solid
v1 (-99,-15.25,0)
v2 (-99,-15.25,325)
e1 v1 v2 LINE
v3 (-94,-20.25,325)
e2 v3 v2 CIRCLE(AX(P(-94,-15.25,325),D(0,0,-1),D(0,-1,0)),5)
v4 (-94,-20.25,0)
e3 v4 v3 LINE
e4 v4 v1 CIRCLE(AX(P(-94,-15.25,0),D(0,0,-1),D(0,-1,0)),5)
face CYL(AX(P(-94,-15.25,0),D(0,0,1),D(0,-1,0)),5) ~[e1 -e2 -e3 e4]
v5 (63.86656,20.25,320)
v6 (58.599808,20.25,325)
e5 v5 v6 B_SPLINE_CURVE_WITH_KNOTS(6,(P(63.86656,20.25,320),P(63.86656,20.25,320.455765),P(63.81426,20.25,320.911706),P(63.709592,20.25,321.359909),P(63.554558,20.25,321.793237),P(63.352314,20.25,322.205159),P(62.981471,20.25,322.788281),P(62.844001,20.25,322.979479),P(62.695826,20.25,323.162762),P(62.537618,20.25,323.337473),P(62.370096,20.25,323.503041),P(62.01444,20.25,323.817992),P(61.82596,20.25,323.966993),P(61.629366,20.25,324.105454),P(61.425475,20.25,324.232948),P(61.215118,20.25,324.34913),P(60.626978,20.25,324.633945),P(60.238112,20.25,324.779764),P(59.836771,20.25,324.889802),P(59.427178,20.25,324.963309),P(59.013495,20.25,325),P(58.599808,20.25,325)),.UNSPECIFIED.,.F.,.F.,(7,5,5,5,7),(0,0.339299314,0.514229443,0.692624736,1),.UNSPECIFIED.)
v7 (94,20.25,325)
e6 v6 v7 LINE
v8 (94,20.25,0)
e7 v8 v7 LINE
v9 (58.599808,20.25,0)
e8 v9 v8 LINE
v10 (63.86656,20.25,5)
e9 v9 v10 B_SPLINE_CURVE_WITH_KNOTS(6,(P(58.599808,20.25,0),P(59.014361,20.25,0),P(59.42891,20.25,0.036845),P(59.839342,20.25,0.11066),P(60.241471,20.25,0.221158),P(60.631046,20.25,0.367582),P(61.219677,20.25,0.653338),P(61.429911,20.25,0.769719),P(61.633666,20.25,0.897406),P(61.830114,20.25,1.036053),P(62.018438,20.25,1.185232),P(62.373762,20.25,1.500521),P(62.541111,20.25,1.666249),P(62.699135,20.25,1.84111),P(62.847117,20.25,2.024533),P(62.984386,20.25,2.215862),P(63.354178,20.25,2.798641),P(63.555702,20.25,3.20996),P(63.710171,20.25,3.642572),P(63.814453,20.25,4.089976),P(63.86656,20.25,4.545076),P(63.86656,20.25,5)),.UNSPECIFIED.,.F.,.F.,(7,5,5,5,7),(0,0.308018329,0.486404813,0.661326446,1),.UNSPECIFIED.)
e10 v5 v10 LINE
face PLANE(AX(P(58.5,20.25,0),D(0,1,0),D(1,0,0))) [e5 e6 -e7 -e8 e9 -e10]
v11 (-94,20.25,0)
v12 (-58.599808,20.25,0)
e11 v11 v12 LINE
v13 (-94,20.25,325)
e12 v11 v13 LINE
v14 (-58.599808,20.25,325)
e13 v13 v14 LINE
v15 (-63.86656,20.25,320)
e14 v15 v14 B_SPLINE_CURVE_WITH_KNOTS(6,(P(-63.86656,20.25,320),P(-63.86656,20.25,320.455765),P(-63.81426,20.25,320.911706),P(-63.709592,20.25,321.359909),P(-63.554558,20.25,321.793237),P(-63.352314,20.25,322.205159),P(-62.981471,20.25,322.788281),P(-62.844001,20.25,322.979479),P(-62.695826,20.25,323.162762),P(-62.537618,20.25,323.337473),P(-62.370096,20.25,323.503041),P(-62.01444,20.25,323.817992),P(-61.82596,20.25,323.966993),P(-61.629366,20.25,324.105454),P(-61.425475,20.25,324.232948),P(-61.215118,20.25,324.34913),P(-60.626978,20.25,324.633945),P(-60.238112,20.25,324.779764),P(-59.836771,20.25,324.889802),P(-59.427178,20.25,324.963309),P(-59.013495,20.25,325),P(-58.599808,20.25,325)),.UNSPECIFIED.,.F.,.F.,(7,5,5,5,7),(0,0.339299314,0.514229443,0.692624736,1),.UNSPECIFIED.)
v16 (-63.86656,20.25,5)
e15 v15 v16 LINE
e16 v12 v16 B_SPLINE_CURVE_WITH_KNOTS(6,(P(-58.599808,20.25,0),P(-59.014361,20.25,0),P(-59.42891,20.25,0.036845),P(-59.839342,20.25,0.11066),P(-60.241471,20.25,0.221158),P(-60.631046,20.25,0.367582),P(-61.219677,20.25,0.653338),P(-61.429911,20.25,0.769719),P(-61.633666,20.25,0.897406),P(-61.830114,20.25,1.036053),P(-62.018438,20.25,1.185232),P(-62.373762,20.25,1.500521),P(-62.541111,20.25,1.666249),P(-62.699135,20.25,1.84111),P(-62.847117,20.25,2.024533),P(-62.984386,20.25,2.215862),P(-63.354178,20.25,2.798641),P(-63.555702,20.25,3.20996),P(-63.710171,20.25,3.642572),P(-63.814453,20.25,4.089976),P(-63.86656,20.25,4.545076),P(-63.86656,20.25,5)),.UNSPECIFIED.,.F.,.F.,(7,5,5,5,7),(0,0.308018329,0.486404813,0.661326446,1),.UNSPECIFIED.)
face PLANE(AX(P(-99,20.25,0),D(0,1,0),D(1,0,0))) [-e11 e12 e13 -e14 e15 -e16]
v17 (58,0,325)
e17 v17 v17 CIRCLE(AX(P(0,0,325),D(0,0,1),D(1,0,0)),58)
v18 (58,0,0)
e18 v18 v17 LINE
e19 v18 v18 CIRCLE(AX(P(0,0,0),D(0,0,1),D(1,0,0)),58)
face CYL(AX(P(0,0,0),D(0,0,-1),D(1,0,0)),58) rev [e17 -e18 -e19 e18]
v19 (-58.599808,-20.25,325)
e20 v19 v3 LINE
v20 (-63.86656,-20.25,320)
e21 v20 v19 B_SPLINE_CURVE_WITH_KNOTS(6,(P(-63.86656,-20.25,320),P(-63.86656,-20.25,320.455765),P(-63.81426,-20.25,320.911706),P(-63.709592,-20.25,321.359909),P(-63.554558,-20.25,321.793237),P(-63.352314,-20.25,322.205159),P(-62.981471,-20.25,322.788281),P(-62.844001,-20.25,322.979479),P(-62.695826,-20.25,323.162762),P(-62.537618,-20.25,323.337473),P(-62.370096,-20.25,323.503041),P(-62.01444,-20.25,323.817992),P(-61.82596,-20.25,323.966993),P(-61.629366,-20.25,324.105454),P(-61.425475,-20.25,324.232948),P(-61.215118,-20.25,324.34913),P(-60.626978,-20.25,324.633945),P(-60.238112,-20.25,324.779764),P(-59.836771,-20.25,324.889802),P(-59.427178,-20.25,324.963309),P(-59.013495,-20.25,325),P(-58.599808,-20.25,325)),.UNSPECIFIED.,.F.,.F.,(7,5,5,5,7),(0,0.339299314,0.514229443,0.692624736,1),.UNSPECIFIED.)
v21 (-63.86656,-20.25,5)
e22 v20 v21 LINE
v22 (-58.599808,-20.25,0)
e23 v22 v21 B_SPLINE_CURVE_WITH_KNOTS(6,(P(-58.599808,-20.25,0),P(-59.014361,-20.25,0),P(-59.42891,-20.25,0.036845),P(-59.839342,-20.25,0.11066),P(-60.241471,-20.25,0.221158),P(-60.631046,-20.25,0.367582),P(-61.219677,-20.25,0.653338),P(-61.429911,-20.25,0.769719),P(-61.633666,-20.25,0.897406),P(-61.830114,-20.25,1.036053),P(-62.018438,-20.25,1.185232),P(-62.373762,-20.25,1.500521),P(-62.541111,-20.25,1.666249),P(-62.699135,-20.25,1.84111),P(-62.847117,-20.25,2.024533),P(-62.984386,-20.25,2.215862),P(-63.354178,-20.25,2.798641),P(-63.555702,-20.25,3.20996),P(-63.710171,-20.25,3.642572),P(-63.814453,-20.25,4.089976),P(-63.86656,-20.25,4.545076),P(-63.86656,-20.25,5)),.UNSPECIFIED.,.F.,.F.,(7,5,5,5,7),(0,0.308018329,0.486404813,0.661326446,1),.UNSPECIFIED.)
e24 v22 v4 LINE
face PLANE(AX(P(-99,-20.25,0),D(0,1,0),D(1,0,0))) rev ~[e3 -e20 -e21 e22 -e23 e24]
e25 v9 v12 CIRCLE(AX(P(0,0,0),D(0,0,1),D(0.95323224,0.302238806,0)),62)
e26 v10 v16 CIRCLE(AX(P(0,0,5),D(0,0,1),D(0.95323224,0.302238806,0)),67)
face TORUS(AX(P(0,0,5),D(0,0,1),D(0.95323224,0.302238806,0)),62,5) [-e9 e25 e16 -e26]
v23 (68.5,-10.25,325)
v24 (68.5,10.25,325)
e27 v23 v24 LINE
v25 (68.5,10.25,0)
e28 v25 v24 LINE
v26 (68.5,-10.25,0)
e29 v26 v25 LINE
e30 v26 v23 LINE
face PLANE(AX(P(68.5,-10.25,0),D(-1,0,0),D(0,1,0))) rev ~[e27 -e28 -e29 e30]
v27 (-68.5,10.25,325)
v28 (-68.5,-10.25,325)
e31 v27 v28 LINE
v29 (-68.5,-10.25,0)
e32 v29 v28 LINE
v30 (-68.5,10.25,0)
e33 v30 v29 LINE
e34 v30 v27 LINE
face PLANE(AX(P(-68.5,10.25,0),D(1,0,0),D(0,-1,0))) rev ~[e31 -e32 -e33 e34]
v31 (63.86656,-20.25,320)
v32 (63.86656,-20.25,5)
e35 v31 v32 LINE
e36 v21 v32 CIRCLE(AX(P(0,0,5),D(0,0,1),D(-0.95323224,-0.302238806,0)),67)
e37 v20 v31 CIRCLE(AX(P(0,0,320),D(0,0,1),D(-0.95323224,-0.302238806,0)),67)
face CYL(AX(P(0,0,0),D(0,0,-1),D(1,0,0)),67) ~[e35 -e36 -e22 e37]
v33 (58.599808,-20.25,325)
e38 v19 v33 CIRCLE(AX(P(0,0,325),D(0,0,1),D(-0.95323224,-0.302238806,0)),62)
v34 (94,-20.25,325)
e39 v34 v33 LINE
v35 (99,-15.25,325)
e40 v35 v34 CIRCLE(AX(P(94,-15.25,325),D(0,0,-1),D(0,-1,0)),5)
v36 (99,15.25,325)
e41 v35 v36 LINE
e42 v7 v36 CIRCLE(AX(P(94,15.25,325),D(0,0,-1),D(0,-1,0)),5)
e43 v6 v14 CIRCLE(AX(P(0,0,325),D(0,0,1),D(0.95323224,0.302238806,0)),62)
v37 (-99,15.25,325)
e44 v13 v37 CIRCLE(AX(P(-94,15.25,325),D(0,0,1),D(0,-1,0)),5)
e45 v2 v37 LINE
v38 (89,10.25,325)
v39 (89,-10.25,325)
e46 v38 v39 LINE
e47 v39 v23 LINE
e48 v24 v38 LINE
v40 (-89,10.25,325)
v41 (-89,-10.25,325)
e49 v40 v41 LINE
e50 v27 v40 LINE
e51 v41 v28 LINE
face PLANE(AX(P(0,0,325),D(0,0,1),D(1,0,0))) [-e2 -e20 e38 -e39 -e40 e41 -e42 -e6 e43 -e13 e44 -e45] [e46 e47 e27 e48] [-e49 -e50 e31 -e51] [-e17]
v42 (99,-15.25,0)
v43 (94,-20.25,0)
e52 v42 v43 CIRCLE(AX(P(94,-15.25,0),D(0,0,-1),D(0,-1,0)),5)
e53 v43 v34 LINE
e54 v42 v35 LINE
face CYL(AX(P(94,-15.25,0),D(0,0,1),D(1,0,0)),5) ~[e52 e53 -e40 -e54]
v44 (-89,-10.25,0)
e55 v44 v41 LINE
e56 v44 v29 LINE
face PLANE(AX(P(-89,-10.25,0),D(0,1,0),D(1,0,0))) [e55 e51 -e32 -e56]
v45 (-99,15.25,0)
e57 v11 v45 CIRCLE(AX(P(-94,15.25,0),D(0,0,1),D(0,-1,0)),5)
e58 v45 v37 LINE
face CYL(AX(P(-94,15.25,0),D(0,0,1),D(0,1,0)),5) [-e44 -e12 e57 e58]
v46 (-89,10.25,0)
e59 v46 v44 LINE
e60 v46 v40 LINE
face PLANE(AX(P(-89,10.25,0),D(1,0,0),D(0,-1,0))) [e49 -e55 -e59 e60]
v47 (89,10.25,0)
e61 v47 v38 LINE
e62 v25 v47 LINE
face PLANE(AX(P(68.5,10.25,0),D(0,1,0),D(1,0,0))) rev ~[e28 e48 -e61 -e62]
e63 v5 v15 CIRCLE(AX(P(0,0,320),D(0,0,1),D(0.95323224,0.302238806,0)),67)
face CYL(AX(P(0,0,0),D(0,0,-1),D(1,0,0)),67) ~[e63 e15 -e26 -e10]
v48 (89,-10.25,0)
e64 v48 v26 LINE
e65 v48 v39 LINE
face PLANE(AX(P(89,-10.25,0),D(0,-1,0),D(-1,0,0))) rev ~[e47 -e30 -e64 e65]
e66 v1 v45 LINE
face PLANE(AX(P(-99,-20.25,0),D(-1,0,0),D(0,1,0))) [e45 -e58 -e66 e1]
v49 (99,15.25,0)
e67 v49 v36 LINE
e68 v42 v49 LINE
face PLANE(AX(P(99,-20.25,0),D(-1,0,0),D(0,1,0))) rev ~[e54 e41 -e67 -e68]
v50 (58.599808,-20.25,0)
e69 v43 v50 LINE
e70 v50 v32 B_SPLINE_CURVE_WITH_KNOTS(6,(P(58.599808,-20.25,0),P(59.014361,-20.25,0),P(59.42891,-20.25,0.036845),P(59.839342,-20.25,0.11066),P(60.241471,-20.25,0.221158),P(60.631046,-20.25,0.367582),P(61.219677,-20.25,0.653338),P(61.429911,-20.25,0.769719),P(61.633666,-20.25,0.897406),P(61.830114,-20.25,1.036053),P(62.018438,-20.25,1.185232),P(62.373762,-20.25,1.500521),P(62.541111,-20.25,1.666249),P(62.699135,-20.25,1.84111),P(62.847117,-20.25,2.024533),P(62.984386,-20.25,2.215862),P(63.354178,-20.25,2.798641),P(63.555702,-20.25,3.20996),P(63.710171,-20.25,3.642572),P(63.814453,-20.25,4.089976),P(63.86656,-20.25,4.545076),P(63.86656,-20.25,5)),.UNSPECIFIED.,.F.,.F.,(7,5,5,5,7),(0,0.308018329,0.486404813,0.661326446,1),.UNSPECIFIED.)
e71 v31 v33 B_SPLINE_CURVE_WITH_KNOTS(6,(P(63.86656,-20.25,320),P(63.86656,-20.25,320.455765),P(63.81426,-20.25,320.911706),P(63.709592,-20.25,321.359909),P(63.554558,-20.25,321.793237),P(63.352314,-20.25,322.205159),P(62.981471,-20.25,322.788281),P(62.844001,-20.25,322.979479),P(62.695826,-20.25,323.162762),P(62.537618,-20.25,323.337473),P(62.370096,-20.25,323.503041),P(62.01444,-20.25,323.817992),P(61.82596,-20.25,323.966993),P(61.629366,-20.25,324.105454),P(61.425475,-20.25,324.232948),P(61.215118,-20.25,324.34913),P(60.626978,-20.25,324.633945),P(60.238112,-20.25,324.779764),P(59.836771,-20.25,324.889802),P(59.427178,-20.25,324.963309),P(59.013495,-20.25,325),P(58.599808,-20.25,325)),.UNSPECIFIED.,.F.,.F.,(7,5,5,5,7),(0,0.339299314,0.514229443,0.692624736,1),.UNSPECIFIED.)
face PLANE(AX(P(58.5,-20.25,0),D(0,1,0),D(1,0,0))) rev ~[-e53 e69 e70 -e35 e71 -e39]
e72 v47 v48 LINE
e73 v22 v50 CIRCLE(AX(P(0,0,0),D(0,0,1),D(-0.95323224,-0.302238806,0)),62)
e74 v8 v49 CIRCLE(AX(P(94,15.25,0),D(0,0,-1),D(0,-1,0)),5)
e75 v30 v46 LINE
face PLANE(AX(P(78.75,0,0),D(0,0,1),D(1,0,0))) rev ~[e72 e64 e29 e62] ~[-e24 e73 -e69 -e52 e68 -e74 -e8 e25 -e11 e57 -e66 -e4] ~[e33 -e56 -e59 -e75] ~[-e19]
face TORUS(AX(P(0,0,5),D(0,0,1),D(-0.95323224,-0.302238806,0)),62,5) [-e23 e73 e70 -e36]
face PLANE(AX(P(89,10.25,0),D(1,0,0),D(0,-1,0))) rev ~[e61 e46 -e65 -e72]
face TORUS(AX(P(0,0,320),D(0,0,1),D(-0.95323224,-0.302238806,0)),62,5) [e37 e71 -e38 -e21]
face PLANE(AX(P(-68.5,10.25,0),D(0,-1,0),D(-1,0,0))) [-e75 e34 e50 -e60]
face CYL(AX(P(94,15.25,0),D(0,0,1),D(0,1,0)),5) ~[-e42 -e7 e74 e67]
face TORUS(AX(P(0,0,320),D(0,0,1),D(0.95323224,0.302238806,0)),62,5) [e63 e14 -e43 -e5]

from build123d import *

# Parameters (mm, degrees)
SKETCH1_R           = 67
SKETCH1_R_2         = 58
SKETCH1_W           = 40.5
SKETCH1_H           = 40.5
BOSS_EXTRUDE6_DEPTH = 325
FILLET4_R           = 5


with BuildPart() as part:
    # Sketch1 → Boss-Extrude6 (new body)
    # profile 1 of 3: a face of its own
    with BuildSketch(Plane.XY):
        Circle(SKETCH1_R)
        Circle(SKETCH1_R_2, mode=Mode.SUBTRACT)
    # profile 2 of 3: a face of its own
    with BuildSketch(Plane.XY):
        with Locations((-78.75, 0)):
            Rectangle(SKETCH1_W, SKETCH1_H)
        Polygon((-68.5, -1.08327383), (-68.5, 10.25), (-89, 10.25), (-89, -10.25), (-68.5, -10.25), align=None, mode=Mode.SUBTRACT)
    # profile 3 of 3: a face of its own
    with BuildSketch(Plane.XY):
        with Locations((78.75, 0)):
            Rectangle(SKETCH1_W, SKETCH1_H)
        Polygon((68.5, 10.25), (89, 10.25), (89, -10.25), (68.5, -10.25), (68.5, -1.08327383), align=None, mode=Mode.SUBTRACT)
    extrude(amount=BOSS_EXTRUDE6_DEPTH)

    # Fillet4
    fillet4_edges = [part.edges().sort_by_distance(p)[0] for p in [
        (0, -67, 0),
        (0, -67, 325),
        (0, 67, 0),
        (99, 20.25, 162.5),
        (99, -20.25, 162.5),
        (-99, -20.25, 162.5),
        (-99, 20.25, 162.5),
        (0, 67, 325),
    ]]
    fillet(fillet4_edges, radius=FILLET4_R)


solid = part.part
